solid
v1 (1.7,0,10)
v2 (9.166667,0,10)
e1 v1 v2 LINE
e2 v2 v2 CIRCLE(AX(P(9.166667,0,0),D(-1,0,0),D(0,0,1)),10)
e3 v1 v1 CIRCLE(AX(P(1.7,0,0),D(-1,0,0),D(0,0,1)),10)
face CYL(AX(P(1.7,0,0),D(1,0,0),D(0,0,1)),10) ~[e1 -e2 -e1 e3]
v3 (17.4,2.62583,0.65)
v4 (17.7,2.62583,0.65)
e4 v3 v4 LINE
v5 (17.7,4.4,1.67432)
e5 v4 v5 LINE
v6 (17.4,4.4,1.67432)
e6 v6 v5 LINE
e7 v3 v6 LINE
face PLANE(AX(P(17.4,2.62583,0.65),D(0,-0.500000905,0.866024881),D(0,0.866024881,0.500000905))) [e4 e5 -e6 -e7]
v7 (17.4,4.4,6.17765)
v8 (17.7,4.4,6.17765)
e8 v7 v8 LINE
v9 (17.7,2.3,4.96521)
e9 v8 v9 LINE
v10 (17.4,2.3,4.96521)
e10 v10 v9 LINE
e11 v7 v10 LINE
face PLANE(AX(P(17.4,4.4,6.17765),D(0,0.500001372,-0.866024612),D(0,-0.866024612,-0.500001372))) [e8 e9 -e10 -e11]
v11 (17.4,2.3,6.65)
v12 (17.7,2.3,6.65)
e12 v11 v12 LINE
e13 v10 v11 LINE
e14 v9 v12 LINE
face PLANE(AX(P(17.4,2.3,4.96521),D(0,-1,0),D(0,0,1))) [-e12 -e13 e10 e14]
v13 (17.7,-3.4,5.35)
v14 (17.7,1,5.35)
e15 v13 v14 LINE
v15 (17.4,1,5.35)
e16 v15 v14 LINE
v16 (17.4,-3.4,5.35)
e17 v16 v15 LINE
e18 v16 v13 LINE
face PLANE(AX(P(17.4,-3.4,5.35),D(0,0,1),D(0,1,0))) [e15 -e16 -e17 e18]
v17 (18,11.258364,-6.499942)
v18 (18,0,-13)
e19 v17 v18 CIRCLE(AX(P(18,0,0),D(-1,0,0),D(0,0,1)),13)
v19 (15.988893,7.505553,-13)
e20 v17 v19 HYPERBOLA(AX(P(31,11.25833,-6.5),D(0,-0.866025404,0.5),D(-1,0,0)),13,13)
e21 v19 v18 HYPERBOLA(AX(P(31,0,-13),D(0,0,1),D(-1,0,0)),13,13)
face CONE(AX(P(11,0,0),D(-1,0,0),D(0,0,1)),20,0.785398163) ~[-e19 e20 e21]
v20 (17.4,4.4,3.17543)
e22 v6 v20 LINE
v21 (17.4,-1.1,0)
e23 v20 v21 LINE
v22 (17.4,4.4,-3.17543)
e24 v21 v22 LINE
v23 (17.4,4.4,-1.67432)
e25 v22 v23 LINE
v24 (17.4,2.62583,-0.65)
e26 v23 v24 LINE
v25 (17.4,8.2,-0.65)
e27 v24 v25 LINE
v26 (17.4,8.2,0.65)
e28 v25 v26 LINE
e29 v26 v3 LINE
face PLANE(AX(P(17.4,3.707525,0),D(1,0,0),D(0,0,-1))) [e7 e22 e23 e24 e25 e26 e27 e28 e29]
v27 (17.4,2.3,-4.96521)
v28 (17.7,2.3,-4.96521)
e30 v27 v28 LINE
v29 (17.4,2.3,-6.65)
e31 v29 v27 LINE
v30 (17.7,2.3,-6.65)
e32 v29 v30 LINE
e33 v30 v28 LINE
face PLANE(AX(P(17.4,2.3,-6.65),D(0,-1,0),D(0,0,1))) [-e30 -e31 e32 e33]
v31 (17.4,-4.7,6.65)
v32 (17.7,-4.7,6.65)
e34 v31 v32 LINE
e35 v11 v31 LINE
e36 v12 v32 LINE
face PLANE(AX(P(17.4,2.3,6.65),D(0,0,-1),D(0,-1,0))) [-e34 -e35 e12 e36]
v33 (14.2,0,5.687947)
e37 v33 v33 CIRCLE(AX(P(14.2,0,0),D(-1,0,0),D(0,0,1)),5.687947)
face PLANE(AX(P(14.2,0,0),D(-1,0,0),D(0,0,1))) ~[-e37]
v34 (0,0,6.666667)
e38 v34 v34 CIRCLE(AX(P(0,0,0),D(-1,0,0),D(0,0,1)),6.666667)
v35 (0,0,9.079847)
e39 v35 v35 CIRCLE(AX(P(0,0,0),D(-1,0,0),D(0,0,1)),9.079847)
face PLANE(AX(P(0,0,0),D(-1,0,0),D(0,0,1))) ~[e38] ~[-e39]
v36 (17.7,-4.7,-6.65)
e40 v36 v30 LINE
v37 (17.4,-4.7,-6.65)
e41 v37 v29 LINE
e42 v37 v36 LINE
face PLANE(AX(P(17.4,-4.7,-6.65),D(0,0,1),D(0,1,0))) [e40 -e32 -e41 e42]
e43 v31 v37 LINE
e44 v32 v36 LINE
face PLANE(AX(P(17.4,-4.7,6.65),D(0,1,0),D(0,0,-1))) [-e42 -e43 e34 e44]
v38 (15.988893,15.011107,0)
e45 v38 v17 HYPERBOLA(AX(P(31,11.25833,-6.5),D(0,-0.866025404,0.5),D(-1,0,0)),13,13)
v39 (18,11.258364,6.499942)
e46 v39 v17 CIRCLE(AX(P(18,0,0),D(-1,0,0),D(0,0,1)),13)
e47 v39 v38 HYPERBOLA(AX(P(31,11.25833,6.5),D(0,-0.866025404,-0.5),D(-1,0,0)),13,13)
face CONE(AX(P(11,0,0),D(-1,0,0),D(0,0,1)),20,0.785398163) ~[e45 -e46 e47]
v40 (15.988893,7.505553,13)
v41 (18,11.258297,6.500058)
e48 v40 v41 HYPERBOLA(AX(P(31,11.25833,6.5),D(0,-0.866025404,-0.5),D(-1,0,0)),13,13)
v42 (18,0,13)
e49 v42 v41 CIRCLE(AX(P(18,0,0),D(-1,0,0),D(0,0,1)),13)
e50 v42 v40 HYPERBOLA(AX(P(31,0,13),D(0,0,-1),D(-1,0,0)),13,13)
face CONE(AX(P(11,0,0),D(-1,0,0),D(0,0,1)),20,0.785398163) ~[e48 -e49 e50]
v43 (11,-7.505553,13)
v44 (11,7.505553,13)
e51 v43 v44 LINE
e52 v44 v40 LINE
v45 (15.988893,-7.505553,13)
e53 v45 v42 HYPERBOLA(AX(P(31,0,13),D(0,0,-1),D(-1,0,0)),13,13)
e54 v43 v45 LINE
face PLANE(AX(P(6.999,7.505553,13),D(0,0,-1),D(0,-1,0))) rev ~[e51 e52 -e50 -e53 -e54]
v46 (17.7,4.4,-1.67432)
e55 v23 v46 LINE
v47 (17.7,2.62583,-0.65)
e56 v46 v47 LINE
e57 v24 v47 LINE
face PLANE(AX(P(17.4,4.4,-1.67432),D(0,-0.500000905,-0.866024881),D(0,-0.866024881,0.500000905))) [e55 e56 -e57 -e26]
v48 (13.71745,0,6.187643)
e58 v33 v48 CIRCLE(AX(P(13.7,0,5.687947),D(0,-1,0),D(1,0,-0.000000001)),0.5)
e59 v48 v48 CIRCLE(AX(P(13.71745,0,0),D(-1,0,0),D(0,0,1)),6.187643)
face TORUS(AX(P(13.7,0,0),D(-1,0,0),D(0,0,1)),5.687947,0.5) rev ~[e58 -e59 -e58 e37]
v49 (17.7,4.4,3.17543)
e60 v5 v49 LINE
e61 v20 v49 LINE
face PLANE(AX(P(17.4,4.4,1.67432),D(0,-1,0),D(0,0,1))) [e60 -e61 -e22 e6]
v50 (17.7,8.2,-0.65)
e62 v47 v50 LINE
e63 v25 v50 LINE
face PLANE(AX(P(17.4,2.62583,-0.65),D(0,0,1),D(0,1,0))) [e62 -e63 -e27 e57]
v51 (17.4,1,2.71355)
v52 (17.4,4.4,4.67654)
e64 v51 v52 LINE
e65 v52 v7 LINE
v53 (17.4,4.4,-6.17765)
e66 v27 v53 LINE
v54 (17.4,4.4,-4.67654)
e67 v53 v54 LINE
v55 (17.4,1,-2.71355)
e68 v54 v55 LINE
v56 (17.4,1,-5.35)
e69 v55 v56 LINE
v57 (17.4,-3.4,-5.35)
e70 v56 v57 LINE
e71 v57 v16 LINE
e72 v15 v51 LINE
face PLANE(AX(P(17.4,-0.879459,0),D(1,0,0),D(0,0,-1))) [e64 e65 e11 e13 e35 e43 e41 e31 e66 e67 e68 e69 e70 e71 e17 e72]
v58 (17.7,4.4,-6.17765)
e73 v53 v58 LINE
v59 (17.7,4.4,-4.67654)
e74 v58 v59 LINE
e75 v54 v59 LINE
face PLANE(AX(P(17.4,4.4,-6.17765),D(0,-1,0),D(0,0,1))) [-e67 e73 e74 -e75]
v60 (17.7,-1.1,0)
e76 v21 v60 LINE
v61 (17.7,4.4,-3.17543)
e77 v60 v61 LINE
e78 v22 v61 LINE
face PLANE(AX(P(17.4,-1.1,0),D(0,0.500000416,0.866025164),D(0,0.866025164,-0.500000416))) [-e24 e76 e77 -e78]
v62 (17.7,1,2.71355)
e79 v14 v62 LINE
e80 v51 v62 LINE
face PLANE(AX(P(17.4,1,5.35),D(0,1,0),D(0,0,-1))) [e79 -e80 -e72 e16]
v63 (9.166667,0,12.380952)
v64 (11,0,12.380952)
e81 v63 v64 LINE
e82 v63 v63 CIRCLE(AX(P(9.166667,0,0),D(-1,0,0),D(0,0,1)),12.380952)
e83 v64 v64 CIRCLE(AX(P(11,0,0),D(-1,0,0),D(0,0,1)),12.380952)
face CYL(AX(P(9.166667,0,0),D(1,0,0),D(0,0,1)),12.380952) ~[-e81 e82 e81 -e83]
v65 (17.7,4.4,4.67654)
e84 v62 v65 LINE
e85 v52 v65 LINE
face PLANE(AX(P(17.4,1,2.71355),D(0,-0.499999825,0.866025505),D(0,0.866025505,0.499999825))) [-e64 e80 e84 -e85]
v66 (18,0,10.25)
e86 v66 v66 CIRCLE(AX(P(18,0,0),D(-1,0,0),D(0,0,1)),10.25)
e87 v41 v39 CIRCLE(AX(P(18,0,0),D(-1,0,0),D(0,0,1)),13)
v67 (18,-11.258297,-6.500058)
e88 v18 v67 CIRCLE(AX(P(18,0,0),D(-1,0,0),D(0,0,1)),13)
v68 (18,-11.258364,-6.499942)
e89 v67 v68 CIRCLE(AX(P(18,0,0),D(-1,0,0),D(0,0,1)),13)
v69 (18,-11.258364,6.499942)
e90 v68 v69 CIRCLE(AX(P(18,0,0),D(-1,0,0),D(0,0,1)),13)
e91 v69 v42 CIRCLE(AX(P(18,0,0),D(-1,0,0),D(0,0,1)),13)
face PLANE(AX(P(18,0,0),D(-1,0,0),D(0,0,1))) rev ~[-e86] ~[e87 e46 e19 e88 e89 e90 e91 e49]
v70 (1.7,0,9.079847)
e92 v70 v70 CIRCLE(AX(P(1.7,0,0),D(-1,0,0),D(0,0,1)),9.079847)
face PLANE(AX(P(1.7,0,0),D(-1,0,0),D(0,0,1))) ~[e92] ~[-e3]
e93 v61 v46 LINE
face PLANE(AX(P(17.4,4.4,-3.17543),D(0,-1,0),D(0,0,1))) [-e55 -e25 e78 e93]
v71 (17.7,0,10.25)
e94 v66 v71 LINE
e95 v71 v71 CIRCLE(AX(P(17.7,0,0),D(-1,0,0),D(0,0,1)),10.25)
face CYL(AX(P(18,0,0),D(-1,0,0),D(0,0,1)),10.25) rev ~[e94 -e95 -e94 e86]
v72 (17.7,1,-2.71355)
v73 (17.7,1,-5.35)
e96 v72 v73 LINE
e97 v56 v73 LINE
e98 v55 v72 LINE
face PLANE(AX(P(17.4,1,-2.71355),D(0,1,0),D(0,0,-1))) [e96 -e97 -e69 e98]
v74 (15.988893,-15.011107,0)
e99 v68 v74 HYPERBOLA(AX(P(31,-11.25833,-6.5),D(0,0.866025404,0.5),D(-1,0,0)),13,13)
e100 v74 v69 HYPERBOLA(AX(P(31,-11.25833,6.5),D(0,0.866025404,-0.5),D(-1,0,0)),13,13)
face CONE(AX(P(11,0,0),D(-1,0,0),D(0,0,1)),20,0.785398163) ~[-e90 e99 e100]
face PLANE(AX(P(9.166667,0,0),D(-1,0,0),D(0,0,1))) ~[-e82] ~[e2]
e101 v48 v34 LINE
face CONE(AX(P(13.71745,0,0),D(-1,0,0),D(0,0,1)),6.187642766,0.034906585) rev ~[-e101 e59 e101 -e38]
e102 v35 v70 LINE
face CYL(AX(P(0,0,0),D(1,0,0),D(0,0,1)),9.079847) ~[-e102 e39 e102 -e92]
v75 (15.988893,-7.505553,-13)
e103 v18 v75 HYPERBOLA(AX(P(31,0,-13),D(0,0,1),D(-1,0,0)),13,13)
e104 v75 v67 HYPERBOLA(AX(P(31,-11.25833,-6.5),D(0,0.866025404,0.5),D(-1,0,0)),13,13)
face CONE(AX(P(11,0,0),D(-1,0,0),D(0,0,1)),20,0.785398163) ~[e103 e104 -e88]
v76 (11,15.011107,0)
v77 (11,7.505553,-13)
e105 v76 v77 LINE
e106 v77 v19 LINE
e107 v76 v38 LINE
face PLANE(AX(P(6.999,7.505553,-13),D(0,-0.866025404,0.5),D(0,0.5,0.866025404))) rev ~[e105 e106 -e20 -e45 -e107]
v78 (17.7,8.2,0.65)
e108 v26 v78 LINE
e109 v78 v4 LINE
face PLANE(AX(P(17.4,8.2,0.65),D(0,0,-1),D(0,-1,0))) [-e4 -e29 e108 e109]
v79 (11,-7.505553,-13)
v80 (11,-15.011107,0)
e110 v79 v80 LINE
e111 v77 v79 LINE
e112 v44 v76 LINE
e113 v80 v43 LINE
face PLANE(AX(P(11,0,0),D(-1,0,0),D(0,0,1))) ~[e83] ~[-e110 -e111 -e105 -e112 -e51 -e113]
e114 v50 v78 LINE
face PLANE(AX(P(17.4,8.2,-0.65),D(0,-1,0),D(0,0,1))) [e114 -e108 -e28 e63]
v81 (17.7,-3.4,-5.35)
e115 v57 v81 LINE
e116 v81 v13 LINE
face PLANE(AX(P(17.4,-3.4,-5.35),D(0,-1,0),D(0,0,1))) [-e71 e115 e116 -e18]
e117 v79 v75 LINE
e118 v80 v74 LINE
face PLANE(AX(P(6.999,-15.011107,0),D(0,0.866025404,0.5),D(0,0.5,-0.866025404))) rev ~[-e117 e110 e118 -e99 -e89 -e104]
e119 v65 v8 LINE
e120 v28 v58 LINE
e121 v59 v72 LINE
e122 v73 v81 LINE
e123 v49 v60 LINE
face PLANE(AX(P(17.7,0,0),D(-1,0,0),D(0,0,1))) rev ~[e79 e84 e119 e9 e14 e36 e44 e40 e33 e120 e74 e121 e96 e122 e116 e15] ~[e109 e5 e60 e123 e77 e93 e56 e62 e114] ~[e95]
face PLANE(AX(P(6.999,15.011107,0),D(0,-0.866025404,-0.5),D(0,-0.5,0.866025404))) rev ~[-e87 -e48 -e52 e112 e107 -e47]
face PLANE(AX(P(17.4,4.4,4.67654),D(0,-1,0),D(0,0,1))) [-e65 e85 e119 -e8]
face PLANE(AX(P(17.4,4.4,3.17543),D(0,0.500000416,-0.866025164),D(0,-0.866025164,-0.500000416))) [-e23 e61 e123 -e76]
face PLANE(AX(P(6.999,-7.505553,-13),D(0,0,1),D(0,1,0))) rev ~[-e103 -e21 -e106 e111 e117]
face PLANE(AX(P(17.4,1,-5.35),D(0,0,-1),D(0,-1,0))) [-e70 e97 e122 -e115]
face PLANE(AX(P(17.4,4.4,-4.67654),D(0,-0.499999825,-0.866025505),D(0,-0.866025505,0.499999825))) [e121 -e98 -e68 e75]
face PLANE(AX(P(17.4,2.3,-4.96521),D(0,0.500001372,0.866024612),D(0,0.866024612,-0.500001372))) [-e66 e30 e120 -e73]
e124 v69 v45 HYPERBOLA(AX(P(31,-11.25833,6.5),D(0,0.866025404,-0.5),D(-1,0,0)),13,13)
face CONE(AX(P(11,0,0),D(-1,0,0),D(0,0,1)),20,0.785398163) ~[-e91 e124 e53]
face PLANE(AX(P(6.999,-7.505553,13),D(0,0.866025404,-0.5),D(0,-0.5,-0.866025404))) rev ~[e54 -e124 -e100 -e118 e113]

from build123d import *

# Parameters (mm, degrees)
TAGLIO_ESTRUSIONE1_DEPTH      = 0.3
TAGLIO_ESTRUSIONE1_DEPTH_BACK = 0.3
TAGLIO_ESTRUSIONE2_DEPTH      = 0.3
TAGLIO_ESTRUSIONE2_DEPTH_BACK = 0.3
TAGLIO_ESTRUSIONE3_DEPTH      = 10.701
TAGLIO_ESTRUSIONE3_DEPTH_BACK = 10.701


with BuildPart() as part:
    # Schizzo1 → Rivoluzione1 (revolve)
    with BuildSketch(Plane.XY):
        with BuildLine():
            Line((14.2, 0), (14.2, 5.687947352))
            ThreePointArc((14.2, 5.687947352), (14.0596699, 6.035276538), (13.717449748, 6.187642766))
            Line((13.717449748, 6.187642766), (0, 6.666666667))
            Line((0, 6.666666667), (0, 9.0798475))
            Line((0, 9.0798475), (1.7, 9.0798475))
            Line((1.7, 9.0798475), (1.7, 10))
            Line((1.7, 10), (9.166666667, 10))
            Line((9.166666667, 10), (9.166666667, 12.380952381))
            Line((9.166666667, 12.380952381), (11, 12.380952381))
            Line((11, 12.380952381), (11, 20))
            Line((11, 20), (18, 13))
            Line((18, 13), (18, 10.25))
            Line((18, 10.25), (17.7, 10.25))
            Line((17.7, 10.25), (17.7, 0))
            Line((17.7, 0), (14.2, 0))
        make_face()
    revolve(axis=Axis((18, 0, 0), (-1, 0, 0)))

    # Schizzo2 → Taglio-Estrusione1 (cut, two sides: drawn at the far end of the back side and taken through both)
    with BuildSketch(Plane(origin=(17.7, 0, 0), x_dir=(0, 0, -1), z_dir=(1, 0, 0)).offset(-TAGLIO_ESTRUSIONE1_DEPTH_BACK)):
        Polygon((-6.65, -4.7), (6.65, -4.7), (6.65, 2.3), (4.96521, 2.3), (6.17765, 4.4), (4.67654, 4.4), (2.71355, 1), (5.35, 1), (5.35, -3.4), (-5.35, -3.4), (-5.35, 1), (-2.71355, 1), (-4.67654, 4.4), (-6.17765, 4.4), (-4.96521, 2.3), (-6.65, 2.3), align=None)
    extrude(amount=TAGLIO_ESTRUSIONE1_DEPTH + TAGLIO_ESTRUSIONE1_DEPTH_BACK, mode=Mode.SUBTRACT)

    # Schizzo3 → Taglio-Estrusione2 (cut, two sides: drawn at the far end of the back side and taken through both)
    with BuildSketch(Plane(origin=(17.7, 0, 0), x_dir=(0, 0, -1), z_dir=(1, 0, 0)).offset(-TAGLIO_ESTRUSIONE2_DEPTH_BACK)):
        Polygon((-3.17543, 4.4), (0, -1.1), (3.17543, 4.4), (1.67432, 4.4), (0.65, 2.62583), (0.65, 8.2), (-0.65, 8.2), (-0.65, 2.62583), (-1.67432, 4.4), align=None)
    extrude(amount=TAGLIO_ESTRUSIONE2_DEPTH + TAGLIO_ESTRUSIONE2_DEPTH_BACK, mode=Mode.SUBTRACT)

    # Schizzo4 → Taglio-Estrusione3 (cut, two sides: drawn at the far end of the back side and taken through both)
    with BuildSketch(Plane(origin=(17.7, 0, 0), x_dir=(0, 0, -1), z_dir=(1, 0, 0)).offset(-TAGLIO_ESTRUSIONE3_DEPTH_BACK)):
        Polygon((-26, -15.011106999), (0, -30.022213998), (26, -15.011106999), (26, 15.011106999), (0, 30.022213998), (-26, 15.011106999), align=None)
        Polygon((-13, -7.505553499), (0, -15.011106999), (13, -7.505553499), (13, 7.505553499), (0, 15.011106999), (-13, 7.505553499), align=None, mode=Mode.SUBTRACT)
    extrude(amount=TAGLIO_ESTRUSIONE3_DEPTH + TAGLIO_ESTRUSIONE3_DEPTH_BACK, mode=Mode.SUBTRACT)


solid = part.part
